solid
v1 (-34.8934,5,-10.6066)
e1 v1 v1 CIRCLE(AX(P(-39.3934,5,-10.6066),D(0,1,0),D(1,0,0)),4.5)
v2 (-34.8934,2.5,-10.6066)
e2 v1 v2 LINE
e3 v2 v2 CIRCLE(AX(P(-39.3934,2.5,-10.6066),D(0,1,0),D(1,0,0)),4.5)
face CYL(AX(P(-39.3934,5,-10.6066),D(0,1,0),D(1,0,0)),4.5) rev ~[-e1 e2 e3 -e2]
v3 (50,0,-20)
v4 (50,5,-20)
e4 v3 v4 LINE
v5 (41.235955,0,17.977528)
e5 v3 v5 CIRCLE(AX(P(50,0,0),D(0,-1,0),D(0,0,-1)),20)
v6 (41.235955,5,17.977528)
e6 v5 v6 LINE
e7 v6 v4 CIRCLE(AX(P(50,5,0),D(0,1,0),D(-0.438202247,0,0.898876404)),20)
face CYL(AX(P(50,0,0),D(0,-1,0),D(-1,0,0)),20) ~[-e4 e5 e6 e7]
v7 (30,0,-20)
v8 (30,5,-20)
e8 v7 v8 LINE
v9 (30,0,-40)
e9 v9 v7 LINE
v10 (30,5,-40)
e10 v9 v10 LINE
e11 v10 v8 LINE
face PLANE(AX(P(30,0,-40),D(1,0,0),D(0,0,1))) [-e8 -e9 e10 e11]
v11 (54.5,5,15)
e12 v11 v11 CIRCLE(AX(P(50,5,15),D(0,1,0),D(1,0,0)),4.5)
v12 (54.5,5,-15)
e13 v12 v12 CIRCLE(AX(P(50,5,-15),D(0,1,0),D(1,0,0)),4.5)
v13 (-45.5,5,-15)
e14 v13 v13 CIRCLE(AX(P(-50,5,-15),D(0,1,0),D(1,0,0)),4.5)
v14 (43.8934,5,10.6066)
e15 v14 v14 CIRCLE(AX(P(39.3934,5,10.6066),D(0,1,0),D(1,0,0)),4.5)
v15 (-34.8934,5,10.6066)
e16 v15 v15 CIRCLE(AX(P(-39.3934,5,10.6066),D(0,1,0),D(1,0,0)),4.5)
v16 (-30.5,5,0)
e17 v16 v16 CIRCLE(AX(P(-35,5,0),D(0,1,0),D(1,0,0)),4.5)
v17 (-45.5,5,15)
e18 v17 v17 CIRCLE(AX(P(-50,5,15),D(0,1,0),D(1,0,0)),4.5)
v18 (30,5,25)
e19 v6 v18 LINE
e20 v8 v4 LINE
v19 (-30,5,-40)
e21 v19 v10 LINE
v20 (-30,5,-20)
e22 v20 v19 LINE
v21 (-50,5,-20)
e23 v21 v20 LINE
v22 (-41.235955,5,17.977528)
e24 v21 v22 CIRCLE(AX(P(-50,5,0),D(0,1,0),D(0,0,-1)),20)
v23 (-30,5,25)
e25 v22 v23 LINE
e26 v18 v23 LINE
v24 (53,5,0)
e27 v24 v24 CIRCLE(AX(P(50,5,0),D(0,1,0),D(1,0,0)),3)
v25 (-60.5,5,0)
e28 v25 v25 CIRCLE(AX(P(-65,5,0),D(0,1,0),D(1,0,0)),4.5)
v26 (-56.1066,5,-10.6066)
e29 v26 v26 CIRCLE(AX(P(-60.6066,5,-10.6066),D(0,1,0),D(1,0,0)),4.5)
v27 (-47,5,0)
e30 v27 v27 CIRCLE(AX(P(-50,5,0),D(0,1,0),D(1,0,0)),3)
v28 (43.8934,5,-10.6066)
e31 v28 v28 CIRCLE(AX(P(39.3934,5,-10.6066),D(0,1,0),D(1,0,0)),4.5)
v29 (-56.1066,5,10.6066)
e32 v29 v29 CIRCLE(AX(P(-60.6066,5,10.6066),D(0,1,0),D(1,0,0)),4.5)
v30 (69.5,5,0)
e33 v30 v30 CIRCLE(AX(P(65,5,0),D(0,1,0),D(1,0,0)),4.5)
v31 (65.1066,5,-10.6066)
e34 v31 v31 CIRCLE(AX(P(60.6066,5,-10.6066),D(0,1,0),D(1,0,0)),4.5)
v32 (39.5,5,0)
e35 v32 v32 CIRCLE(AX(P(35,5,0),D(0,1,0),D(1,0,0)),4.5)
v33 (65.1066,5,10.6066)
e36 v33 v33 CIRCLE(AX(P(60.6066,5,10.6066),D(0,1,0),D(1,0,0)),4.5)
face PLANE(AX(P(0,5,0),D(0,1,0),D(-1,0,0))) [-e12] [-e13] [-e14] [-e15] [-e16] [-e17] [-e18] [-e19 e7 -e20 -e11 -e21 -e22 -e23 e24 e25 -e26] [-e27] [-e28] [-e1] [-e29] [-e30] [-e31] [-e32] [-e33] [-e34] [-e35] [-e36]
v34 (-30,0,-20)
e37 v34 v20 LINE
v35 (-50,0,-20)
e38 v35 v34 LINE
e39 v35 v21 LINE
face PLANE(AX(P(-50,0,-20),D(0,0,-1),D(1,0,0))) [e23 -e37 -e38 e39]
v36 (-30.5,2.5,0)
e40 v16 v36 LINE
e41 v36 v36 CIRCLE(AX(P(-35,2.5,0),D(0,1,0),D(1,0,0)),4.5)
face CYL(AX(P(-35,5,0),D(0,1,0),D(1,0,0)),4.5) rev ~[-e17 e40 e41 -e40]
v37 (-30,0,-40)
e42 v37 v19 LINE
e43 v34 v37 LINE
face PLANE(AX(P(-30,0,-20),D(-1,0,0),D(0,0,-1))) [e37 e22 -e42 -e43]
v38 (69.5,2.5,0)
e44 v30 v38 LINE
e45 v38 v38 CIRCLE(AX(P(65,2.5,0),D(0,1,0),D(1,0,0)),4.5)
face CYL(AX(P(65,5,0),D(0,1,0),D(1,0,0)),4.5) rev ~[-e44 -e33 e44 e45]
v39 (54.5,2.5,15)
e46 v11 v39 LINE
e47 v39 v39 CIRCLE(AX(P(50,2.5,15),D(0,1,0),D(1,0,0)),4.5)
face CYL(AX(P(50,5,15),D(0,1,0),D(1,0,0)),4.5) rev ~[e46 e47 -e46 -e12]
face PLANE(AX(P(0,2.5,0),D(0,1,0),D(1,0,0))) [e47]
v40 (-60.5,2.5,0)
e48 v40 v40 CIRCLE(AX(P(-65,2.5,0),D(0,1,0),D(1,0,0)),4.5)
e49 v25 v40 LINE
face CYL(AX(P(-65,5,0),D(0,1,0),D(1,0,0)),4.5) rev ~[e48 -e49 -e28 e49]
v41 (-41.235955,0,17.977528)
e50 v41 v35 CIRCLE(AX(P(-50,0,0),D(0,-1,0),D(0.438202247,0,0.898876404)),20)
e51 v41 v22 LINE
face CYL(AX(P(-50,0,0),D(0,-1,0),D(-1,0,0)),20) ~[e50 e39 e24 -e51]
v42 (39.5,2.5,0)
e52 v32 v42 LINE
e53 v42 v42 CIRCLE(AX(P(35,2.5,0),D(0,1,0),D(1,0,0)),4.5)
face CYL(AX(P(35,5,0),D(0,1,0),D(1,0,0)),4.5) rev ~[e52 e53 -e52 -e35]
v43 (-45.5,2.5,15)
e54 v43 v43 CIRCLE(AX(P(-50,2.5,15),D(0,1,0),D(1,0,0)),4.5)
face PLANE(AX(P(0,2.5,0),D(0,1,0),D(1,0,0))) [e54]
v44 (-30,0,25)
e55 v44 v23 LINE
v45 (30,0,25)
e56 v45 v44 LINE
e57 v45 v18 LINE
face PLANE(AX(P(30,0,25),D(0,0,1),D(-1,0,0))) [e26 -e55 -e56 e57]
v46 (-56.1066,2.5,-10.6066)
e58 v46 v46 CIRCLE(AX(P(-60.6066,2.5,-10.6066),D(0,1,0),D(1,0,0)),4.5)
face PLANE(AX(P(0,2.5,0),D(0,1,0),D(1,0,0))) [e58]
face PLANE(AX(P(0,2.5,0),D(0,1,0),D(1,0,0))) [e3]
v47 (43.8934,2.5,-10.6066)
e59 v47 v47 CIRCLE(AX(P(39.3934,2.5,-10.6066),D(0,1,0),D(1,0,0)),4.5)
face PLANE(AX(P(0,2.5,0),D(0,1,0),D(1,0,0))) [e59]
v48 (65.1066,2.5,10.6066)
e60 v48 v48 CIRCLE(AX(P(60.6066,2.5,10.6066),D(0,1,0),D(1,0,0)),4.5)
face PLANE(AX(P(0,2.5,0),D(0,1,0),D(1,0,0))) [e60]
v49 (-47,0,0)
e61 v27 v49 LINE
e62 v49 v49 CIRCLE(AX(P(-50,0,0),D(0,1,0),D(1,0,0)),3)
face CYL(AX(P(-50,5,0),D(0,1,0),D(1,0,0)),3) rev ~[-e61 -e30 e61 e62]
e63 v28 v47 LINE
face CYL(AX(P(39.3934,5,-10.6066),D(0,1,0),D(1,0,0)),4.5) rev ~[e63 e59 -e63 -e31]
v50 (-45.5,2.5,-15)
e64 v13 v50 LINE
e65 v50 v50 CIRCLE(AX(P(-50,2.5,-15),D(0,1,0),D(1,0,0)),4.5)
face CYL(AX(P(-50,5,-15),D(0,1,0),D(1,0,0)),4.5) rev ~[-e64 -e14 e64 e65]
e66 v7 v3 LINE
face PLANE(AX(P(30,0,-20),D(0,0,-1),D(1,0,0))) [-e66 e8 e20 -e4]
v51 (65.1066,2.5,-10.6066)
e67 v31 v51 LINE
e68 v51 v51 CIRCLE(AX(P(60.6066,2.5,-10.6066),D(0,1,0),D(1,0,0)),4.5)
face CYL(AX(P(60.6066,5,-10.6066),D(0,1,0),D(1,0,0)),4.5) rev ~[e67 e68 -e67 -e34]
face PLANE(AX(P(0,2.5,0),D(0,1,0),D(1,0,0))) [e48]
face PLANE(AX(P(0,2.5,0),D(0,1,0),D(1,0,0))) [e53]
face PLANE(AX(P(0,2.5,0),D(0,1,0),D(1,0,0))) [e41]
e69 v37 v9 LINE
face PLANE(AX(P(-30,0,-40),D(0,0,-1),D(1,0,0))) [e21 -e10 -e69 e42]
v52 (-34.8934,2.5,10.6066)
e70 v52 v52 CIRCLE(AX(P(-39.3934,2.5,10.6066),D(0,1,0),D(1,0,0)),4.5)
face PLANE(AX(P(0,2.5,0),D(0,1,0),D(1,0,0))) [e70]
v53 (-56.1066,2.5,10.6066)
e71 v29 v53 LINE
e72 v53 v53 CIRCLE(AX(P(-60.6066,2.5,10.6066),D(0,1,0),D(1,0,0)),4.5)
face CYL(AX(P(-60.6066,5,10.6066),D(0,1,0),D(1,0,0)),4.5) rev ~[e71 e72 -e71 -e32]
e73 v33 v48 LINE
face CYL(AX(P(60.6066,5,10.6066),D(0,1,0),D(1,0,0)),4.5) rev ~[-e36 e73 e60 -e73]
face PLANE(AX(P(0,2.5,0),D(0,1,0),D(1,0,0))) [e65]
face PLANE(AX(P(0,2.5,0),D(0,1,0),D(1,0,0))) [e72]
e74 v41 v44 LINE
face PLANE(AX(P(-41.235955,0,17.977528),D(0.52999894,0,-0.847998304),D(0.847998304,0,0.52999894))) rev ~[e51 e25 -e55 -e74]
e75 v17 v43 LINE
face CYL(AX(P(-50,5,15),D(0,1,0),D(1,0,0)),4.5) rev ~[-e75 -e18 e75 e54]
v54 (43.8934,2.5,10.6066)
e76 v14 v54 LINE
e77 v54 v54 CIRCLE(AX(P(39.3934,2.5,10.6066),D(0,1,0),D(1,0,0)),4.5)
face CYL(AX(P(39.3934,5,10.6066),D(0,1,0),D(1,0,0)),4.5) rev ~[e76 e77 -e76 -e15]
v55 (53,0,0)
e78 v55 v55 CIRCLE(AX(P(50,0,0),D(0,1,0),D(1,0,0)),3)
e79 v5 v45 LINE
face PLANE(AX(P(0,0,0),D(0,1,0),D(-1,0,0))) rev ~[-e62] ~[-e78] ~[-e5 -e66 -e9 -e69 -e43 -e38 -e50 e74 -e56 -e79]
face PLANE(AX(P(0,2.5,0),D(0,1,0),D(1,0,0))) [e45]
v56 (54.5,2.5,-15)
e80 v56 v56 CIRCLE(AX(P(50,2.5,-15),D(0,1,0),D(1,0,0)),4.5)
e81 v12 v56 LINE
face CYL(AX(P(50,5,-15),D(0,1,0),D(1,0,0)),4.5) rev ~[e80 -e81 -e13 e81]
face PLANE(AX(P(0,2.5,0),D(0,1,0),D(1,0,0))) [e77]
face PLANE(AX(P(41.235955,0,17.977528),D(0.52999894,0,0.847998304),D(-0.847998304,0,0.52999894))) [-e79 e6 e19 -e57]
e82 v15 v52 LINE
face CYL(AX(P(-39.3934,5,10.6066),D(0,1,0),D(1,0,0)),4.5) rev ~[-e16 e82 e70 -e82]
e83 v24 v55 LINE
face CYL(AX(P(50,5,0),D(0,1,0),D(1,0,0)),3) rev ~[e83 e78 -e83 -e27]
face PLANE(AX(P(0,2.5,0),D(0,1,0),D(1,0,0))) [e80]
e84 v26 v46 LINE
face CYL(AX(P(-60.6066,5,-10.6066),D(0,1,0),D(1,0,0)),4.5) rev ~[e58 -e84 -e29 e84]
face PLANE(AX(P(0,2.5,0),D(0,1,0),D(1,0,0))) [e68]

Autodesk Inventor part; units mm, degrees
ref_plane "YZ Plane" through (0, 0, 0) normal (1, 0, 0) x (0, 1, 0)
ref_plane "XZ Plane" through (0, 0, 0) normal (0, 1, 0) x (-1, 0, 0)
ref_plane "XY Plane" through (0, 0, 0) normal (0, 0, 1) x (1, 0, 0)
sketch "Esquisse1" plane through (0, 0, 0) normal (0, 1, 0) x (-1, 0, 0)
  line L0 (-30, 25) -> (30, 25)
  line L1 (30, 25) -> (30, -40)
  line L2 (30, -40) -> (-30, -40)
  line L3 (-30, -40) -> (-30, 25)
  line L4 (-30, 25) -> (-70, 25) construction
  line L5 (-70, 25) -> (-70, 0) construction
  line L6 (-70, 0) -> (-30, 0) construction
  line L7 (-30, 0) -> (-30, 25) construction
  line L8 (30, 25) -> (70, 25) construction
  line L9 (70, 25) -> (70, 0) construction
  line L10 (70, 0) -> (30, 0) construction
  line L11 (30, 0) -> (30, 25) construction
  line L12 (-50, 0) -> (50, 0) construction
  line L13 (50, 0) -> (50, -40) construction
  line L14 (50, -40) -> (-50, -40) construction
  line L15 (-50, -40) -> (-50, 0) construction
  circle A0 centre (-50, 0) radius 20
  circle A1 centre (50, 0) radius 20
  line L16 (-70, 0) -> (-30, 25)
  line L17 (70, 0) -> (30, 25)
  line L18 (50, -20) -> (-50, -20)
  line L19 (-70, 0) -> (-50, -20)
  line L20 (50, -20) -> (70, 0)
  point P0 (0, 0)
  dimension "d8" = 40
  dimension "d9" = 40
  dimension "d0" = 25
  dimension "d1" = 140
  dimension "d2" = 60
  dimension "d3" = 65
  dimension "d4" = 30
  dimension "d5" = 25
  dimension "d6" = 100
  dimension "d7" = 50
  dimension "d10" = 70
extrude "Extrusion1" add sketch "Esquisse1" along normal blind 5
sketch "Esquisse2" plane through (0, 5, 0) normal (0, 1, 0) x (1, 0, 0)
  arc A0 (41.236, -17.9775) -> (50, 20) centre (50, 0) ccw projected
  arc A1 (-50, 20) -> (-41.236, -17.9775) centre (-50, 0) ccw projected
  circle A2 centre (-50, 0) radius 3
  circle A3 centre (50, 0) radius 3
  point P0 (0, 0)
  dimension "d13" = 6
  dimension "d14" = 6
extrude "Extrusion2" cut sketch "Esquisse2" against normal through all
sketch "Esquisse3" plane through (0, 5, 0) normal (0, 1, 0) x (1, 0, 0)
  circle A0 centre (-50, 0) radius 3 projected
  circle A1 centre (50, 0) radius 3 projected
  line L0 (30, 40) -> (-30, 40) projected
  arc A2 (-50, 20) -> (-41.236, -17.9775) centre (-50, 0) ccw projected
  line L1 (0, 0) -> (0, 40) construction
  line L2 (-50, 0) -> (-50, 20) construction
  circle A3 centre (-50, 0) radius 15 construction
  circle A4 centre (-50, 15) radius 4.5
  circle A5 centre (50, 15) radius 4.5
  circle A6 centre (-60.6066, 10.6066) radius 4.5
  circle A7 centre (-65, 0) radius 4.5
  circle A8 centre (-60.6066, -10.6066) radius 4.5
  circle A9 centre (-50, -15) radius 4.5
  circle A10 centre (-39.3934, -10.6066) radius 4.5
  circle A11 centre (-35, 0) radius 4.5
  circle A12 centre (-39.3934, 10.6066) radius 4.5
  circle A13 centre (39.3934, 10.6066) radius 4.5
  circle A14 centre (35, 0) radius 4.5
  circle A15 centre (39.3934, -10.6066) radius 4.5
  circle A16 centre (50, -15) radius 4.5
  circle A17 centre (60.6066, -10.6066) radius 4.5
  circle A18 centre (65, 0) radius 4.5
  circle A19 centre (60.6066, 10.6066) radius 4.5
  dimension "d17" = 30
  dimension "d18" = 9
  dimension "d21" = 360
  dimension "d25" = 360
extrude "Extrusion3" cut sketch "Esquisse3" against normal blind 2.5 contours A4 | A5 | A6 | A7 | A8 | A9 | A10 | A11 | A12 | A13 | A14 | A15 | A16 | A17 | A18 | A19
equation "\"d9\" = d8"
equation "\"d4\" = 0.5 * d2"
equation "\"d5\" = d0"
equation "\"d7\" = 0.5 * d6"
equation "\"d10\" = 0.5 * d1"
equation "\"d14\" = d13"
properties part number "support_puissance"
